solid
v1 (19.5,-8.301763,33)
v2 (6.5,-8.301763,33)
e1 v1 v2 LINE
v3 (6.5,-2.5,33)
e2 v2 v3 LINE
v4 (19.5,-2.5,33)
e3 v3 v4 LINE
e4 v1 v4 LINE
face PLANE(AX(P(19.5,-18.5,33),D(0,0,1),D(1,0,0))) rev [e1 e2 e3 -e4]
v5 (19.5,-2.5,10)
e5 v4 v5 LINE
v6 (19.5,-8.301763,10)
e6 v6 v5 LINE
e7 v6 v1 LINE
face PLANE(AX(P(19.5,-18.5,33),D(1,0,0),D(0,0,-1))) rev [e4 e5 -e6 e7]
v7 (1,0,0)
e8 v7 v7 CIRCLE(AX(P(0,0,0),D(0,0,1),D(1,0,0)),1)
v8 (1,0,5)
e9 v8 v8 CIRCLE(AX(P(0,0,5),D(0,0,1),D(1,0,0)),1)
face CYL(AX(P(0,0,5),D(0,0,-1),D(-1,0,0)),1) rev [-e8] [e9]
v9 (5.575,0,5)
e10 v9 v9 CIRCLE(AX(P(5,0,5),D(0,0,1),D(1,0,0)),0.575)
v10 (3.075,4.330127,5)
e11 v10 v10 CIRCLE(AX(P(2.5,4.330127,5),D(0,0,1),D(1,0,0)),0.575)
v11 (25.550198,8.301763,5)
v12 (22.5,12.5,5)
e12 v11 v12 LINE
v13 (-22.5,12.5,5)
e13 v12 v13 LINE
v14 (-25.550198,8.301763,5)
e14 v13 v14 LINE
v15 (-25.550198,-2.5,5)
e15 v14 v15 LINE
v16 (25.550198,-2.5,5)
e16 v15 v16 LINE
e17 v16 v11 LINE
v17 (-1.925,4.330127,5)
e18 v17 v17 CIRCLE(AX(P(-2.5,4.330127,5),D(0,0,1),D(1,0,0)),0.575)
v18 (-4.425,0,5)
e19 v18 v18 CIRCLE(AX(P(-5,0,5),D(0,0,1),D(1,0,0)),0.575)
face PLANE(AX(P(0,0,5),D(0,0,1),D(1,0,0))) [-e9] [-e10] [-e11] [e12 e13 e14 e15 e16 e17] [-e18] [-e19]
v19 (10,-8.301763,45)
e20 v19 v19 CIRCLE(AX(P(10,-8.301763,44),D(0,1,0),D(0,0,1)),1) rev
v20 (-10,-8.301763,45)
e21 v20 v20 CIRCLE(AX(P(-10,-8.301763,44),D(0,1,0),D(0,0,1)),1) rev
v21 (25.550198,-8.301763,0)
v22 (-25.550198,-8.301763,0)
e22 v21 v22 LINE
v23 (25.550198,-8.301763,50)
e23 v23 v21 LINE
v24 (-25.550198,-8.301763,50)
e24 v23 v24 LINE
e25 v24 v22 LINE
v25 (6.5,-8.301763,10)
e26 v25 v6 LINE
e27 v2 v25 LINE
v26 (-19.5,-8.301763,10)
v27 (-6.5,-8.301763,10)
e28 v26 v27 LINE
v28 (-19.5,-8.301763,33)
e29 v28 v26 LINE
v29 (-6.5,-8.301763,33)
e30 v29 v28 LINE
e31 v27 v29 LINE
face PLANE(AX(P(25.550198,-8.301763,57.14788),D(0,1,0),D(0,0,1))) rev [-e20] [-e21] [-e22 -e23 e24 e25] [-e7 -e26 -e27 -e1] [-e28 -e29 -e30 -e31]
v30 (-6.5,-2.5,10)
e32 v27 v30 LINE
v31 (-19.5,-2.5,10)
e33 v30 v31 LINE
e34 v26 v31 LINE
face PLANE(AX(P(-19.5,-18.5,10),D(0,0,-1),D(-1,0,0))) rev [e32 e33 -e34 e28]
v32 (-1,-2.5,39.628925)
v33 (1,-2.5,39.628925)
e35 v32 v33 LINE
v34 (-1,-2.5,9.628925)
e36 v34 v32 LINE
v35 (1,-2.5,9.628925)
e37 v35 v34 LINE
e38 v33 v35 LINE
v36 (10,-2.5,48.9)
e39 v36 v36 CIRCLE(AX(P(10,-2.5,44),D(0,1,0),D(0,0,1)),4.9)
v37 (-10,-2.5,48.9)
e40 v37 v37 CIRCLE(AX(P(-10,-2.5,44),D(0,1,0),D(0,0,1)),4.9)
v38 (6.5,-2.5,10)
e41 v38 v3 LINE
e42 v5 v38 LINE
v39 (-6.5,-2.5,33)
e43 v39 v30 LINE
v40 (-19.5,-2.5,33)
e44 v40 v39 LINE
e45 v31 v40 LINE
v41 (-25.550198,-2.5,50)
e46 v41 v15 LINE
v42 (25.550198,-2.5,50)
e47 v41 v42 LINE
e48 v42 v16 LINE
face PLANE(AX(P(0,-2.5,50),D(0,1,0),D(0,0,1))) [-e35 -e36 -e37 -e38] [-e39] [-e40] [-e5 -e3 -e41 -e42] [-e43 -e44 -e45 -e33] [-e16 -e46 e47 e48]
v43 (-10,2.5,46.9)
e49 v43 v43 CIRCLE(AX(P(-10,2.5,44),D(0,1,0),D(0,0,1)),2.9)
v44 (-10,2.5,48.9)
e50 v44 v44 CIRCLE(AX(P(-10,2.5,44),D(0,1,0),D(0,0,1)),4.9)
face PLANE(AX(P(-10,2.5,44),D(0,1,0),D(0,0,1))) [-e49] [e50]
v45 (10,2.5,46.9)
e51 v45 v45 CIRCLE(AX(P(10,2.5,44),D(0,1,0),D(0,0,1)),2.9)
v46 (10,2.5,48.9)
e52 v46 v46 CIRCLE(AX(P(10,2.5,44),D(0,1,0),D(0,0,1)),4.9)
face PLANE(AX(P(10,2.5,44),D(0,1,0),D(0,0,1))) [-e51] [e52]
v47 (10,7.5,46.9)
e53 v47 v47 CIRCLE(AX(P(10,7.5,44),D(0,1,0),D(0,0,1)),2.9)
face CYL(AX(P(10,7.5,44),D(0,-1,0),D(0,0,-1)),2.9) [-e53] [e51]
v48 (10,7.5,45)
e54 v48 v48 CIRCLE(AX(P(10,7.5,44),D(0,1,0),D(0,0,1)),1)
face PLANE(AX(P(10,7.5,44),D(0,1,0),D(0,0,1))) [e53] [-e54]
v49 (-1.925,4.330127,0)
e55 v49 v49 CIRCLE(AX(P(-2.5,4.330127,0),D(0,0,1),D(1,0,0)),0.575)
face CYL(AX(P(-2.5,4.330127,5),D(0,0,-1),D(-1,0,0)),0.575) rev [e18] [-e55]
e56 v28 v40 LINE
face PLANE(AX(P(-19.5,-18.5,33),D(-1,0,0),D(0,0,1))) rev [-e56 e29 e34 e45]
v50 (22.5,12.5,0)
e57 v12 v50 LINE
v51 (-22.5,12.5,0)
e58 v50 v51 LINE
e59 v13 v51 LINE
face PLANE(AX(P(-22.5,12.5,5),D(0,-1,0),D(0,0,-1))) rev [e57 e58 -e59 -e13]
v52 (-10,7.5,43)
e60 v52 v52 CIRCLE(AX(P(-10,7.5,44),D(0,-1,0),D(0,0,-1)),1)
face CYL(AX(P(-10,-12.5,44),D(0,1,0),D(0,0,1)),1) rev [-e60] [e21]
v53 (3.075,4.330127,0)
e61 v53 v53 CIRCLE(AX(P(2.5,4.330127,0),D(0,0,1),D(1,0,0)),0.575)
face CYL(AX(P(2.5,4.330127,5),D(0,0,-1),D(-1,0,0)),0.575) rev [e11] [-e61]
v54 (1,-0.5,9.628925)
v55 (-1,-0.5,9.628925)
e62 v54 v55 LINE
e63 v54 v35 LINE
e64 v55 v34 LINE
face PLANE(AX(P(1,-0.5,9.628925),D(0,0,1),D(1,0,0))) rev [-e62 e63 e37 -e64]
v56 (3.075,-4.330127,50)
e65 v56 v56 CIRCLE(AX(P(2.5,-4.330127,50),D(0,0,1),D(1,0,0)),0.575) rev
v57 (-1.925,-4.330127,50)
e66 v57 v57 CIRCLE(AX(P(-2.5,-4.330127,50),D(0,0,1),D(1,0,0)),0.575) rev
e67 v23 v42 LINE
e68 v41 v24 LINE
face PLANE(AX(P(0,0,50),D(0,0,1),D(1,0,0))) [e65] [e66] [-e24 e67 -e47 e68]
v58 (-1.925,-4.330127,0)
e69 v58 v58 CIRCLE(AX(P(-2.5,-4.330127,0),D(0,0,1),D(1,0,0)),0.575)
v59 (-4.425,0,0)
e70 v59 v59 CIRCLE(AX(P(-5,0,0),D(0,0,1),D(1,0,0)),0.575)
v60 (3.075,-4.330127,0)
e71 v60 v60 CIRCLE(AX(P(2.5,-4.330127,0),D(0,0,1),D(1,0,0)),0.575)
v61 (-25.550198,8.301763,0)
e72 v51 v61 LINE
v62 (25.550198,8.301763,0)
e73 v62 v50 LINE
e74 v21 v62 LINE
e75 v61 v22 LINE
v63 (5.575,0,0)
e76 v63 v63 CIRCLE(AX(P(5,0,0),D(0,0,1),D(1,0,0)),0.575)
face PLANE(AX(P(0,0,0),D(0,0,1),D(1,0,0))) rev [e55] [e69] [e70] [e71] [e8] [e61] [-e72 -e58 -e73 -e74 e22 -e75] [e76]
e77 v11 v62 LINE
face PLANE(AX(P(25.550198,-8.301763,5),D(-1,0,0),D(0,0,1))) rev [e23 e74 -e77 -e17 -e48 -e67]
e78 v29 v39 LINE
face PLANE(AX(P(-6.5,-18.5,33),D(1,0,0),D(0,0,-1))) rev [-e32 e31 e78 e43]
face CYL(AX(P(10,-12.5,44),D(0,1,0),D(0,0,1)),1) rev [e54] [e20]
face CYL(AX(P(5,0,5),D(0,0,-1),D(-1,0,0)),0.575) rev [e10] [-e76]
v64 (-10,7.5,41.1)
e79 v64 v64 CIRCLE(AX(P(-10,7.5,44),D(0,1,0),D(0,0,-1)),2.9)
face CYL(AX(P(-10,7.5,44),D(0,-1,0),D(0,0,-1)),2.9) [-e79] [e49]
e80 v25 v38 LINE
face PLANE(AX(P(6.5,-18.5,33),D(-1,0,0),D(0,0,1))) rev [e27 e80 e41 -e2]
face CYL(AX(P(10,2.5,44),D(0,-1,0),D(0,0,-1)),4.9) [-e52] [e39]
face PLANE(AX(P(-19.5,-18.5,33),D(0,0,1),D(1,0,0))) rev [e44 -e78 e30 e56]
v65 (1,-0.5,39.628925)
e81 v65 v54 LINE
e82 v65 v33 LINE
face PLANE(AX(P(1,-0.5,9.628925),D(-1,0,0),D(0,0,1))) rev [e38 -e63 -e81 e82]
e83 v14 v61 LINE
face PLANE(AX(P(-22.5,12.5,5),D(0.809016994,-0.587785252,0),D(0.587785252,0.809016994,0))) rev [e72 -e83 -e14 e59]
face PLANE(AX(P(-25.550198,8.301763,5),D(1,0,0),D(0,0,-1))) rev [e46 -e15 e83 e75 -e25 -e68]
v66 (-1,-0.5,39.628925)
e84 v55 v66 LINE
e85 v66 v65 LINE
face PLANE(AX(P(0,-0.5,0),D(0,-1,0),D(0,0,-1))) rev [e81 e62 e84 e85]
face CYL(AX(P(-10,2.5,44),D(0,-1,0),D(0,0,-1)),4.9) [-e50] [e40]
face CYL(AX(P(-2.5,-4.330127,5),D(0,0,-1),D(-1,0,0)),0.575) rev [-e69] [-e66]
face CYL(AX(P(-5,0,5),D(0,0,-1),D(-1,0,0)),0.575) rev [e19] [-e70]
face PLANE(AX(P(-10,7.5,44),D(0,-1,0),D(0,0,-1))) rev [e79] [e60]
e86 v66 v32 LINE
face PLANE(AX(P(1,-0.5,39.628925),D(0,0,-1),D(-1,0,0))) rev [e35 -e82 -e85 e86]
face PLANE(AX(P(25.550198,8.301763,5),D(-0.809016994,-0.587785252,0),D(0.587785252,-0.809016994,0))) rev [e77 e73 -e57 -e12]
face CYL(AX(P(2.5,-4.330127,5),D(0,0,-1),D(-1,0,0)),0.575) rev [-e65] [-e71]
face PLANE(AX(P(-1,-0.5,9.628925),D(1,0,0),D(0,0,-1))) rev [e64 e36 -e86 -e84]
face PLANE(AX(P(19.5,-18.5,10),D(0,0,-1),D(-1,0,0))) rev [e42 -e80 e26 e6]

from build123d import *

# Parameters (mm, degrees)
SKETCH1_R               = 1
SKETCH1_R_2             = 0.575
BOSS_EXTRUDE1_DEPTH     = 5
SKETCH2_R               = 0.575
BOSS_EXTRUDE2_DEPTH     = 45
SKETCH4_W               = 2
SKETCH4_H               = 30
BOSS_EXTRUDE3_DEPTH     = 2
SKETCH5_W               = 13
SKETCH5_H               = 23
CUT_EXTRUDE1_DEPTH      = 16
SKETCH6_R               = 2.9
BOSS_EXTRUDE4_DEPTH     = 10
SKETCH7_R               = 1
CUT_EXTRUDE2_DEPTH      = 60.605474742
CUT_EXTRUDE2_DEPTH_BACK = 60.605474742
SKETCH11_R              = 4.9
SKETCH11_R_2            = 2.9
BOSS_EXTRUDE5_DEPTH     = 5
CUT_EXTRUDE4_DEPTH      = 73.577548022
CUT_EXTRUDE4_DEPTH_BACK = 73.577548022


with BuildPart() as part:
    # Sketch1 → Boss-Extrude1 (new body)
    with BuildSketch(Plane.XY):
        Polygon((-22.5, 12.5), (22.5, 12.5), (25.550198027, 8.301762582), (25.550198027, -8.301762582), (22.5, -12.5), (-22.5, -12.5), (-25.550198027, -8.301762582), (-25.550198027, 8.301762582), align=None)
        Circle(SKETCH1_R, mode=Mode.SUBTRACT)
        with Locations((-5, 0)):
            Circle(SKETCH1_R_2, mode=Mode.SUBTRACT)
        with Locations((-2.5, 4.330127019)):
            Circle(SKETCH1_R_2, mode=Mode.SUBTRACT)
        with Locations((2.5, 4.330127019)):
            Circle(SKETCH1_R_2, mode=Mode.SUBTRACT)
        with Locations((5, 0)):
            Circle(SKETCH1_R_2, mode=Mode.SUBTRACT)
        with Locations((2.5, -4.330127019)):
            Circle(SKETCH1_R_2, mode=Mode.SUBTRACT)
        with Locations((-2.5, -4.330127019)):
            Circle(SKETCH1_R_2, mode=Mode.SUBTRACT)
    extrude(amount=BOSS_EXTRUDE1_DEPTH)

    # Sketch2 → Boss-Extrude2 (add)
    with BuildSketch(Plane.XY.offset(5)):
        Polygon((25.550198027, -2.5), (-25.550198027, -2.5), (-25.550198027, -8.301762582), (-22.5, -12.5), (22.5, -12.5), (25.550198027, -8.301762582), align=None)
        with Locations((-2.5, -4.330127019)):
            Circle(SKETCH2_R, mode=Mode.SUBTRACT)
        with Locations((2.5, -4.330127019)):
            Circle(SKETCH2_R, mode=Mode.SUBTRACT)
    extrude(amount=BOSS_EXTRUDE2_DEPTH)

    # Sketch4 → Boss-Extrude3 (add)
    with BuildSketch(Plane(origin=(0, -2.5, 0), x_dir=(1, 0, 0), z_dir=(0, 1, 0))):
        with Locations((0, -24.628925384)):
            Rectangle(SKETCH4_W, SKETCH4_H)
    extrude(amount=BOSS_EXTRUDE3_DEPTH)

    # Sketch5 → Cut-Extrude1 (cut)
    with BuildSketch(Plane(origin=(0, -2.5, 0), x_dir=(1, 0, 0), z_dir=(0, 1, 0))):
        with Locations((13, -21.5)):
            Rectangle(SKETCH5_W, SKETCH5_H)
        with Locations((-13, -21.5)):
            Rectangle(SKETCH5_W, SKETCH5_H)
    extrude(amount=-CUT_EXTRUDE1_DEPTH, mode=Mode.SUBTRACT)

    # Sketch6 → Boss-Extrude4 (add)
    with BuildSketch(Plane(origin=(0, -2.5, 0), x_dir=(1, 0, 0), z_dir=(0, 1, 0))):
        with Locations(Location((10, -44, 0), (0, 0, 270))):
            Circle(SKETCH6_R)
        with Locations(Location((-10, -44, 0), (0, 0, 90))):
            Circle(SKETCH6_R)
    extrude(amount=BOSS_EXTRUDE4_DEPTH)

    # Sketch7 → Cut-Extrude2 (cut, two sides)
    with BuildSketch(Plane(origin=(0, 7.5, 0), x_dir=(1, 0, 0), z_dir=(0, 1, 0))) as cut_extrude2_sk:
        with Locations(Location((10, -44, 0), (0, 0, 270))):
            Circle(SKETCH7_R)
        with Locations(Location((-10, -44, 0), (0, 0, 270))):
            Circle(SKETCH7_R)
    extrude(amount=CUT_EXTRUDE2_DEPTH, mode=Mode.SUBTRACT)
    extrude(cut_extrude2_sk.sketch, amount=-CUT_EXTRUDE2_DEPTH_BACK, mode=Mode.SUBTRACT)

    # Sketch11 → Boss-Extrude5 (add)
    with BuildSketch(Plane(origin=(0, -2.5, 0), x_dir=(1, 0, 0), z_dir=(0, 1, 0))):
        with Locations(Location((-10, -44, 0), (0, 0, 270))):
            Circle(SKETCH11_R)
        with Locations(Location((-10, -44, 0), (0, 0, 90))):
            Circle(SKETCH11_R_2, mode=Mode.SUBTRACT)
        with Locations(Location((10, -44, 0), (0, 0, 270))):
            Circle(SKETCH11_R)
        with Locations(Location((10, -44, 0), (0, 0, 270))):
            Circle(SKETCH11_R_2, mode=Mode.SUBTRACT)
    extrude(amount=BOSS_EXTRUDE5_DEPTH)

    # Sketch13 → Cut-Extrude4 (cut, two sides)
    with BuildSketch(Plane.ZY.offset(25.550198027)) as cut_extrude4_sk:
        Polygon((0, -8.301762582), (-5.234948532, -12.24807669), (12.300258877, -20.537447465), (51.143400136, -17.827460865), (57.147880249, -8.301762582), (50, -8.301762582), align=None)
    extrude(amount=CUT_EXTRUDE4_DEPTH, mode=Mode.SUBTRACT)
    extrude(cut_extrude4_sk.sketch, amount=-CUT_EXTRUDE4_DEPTH_BACK, mode=Mode.SUBTRACT)


solid = part.part
